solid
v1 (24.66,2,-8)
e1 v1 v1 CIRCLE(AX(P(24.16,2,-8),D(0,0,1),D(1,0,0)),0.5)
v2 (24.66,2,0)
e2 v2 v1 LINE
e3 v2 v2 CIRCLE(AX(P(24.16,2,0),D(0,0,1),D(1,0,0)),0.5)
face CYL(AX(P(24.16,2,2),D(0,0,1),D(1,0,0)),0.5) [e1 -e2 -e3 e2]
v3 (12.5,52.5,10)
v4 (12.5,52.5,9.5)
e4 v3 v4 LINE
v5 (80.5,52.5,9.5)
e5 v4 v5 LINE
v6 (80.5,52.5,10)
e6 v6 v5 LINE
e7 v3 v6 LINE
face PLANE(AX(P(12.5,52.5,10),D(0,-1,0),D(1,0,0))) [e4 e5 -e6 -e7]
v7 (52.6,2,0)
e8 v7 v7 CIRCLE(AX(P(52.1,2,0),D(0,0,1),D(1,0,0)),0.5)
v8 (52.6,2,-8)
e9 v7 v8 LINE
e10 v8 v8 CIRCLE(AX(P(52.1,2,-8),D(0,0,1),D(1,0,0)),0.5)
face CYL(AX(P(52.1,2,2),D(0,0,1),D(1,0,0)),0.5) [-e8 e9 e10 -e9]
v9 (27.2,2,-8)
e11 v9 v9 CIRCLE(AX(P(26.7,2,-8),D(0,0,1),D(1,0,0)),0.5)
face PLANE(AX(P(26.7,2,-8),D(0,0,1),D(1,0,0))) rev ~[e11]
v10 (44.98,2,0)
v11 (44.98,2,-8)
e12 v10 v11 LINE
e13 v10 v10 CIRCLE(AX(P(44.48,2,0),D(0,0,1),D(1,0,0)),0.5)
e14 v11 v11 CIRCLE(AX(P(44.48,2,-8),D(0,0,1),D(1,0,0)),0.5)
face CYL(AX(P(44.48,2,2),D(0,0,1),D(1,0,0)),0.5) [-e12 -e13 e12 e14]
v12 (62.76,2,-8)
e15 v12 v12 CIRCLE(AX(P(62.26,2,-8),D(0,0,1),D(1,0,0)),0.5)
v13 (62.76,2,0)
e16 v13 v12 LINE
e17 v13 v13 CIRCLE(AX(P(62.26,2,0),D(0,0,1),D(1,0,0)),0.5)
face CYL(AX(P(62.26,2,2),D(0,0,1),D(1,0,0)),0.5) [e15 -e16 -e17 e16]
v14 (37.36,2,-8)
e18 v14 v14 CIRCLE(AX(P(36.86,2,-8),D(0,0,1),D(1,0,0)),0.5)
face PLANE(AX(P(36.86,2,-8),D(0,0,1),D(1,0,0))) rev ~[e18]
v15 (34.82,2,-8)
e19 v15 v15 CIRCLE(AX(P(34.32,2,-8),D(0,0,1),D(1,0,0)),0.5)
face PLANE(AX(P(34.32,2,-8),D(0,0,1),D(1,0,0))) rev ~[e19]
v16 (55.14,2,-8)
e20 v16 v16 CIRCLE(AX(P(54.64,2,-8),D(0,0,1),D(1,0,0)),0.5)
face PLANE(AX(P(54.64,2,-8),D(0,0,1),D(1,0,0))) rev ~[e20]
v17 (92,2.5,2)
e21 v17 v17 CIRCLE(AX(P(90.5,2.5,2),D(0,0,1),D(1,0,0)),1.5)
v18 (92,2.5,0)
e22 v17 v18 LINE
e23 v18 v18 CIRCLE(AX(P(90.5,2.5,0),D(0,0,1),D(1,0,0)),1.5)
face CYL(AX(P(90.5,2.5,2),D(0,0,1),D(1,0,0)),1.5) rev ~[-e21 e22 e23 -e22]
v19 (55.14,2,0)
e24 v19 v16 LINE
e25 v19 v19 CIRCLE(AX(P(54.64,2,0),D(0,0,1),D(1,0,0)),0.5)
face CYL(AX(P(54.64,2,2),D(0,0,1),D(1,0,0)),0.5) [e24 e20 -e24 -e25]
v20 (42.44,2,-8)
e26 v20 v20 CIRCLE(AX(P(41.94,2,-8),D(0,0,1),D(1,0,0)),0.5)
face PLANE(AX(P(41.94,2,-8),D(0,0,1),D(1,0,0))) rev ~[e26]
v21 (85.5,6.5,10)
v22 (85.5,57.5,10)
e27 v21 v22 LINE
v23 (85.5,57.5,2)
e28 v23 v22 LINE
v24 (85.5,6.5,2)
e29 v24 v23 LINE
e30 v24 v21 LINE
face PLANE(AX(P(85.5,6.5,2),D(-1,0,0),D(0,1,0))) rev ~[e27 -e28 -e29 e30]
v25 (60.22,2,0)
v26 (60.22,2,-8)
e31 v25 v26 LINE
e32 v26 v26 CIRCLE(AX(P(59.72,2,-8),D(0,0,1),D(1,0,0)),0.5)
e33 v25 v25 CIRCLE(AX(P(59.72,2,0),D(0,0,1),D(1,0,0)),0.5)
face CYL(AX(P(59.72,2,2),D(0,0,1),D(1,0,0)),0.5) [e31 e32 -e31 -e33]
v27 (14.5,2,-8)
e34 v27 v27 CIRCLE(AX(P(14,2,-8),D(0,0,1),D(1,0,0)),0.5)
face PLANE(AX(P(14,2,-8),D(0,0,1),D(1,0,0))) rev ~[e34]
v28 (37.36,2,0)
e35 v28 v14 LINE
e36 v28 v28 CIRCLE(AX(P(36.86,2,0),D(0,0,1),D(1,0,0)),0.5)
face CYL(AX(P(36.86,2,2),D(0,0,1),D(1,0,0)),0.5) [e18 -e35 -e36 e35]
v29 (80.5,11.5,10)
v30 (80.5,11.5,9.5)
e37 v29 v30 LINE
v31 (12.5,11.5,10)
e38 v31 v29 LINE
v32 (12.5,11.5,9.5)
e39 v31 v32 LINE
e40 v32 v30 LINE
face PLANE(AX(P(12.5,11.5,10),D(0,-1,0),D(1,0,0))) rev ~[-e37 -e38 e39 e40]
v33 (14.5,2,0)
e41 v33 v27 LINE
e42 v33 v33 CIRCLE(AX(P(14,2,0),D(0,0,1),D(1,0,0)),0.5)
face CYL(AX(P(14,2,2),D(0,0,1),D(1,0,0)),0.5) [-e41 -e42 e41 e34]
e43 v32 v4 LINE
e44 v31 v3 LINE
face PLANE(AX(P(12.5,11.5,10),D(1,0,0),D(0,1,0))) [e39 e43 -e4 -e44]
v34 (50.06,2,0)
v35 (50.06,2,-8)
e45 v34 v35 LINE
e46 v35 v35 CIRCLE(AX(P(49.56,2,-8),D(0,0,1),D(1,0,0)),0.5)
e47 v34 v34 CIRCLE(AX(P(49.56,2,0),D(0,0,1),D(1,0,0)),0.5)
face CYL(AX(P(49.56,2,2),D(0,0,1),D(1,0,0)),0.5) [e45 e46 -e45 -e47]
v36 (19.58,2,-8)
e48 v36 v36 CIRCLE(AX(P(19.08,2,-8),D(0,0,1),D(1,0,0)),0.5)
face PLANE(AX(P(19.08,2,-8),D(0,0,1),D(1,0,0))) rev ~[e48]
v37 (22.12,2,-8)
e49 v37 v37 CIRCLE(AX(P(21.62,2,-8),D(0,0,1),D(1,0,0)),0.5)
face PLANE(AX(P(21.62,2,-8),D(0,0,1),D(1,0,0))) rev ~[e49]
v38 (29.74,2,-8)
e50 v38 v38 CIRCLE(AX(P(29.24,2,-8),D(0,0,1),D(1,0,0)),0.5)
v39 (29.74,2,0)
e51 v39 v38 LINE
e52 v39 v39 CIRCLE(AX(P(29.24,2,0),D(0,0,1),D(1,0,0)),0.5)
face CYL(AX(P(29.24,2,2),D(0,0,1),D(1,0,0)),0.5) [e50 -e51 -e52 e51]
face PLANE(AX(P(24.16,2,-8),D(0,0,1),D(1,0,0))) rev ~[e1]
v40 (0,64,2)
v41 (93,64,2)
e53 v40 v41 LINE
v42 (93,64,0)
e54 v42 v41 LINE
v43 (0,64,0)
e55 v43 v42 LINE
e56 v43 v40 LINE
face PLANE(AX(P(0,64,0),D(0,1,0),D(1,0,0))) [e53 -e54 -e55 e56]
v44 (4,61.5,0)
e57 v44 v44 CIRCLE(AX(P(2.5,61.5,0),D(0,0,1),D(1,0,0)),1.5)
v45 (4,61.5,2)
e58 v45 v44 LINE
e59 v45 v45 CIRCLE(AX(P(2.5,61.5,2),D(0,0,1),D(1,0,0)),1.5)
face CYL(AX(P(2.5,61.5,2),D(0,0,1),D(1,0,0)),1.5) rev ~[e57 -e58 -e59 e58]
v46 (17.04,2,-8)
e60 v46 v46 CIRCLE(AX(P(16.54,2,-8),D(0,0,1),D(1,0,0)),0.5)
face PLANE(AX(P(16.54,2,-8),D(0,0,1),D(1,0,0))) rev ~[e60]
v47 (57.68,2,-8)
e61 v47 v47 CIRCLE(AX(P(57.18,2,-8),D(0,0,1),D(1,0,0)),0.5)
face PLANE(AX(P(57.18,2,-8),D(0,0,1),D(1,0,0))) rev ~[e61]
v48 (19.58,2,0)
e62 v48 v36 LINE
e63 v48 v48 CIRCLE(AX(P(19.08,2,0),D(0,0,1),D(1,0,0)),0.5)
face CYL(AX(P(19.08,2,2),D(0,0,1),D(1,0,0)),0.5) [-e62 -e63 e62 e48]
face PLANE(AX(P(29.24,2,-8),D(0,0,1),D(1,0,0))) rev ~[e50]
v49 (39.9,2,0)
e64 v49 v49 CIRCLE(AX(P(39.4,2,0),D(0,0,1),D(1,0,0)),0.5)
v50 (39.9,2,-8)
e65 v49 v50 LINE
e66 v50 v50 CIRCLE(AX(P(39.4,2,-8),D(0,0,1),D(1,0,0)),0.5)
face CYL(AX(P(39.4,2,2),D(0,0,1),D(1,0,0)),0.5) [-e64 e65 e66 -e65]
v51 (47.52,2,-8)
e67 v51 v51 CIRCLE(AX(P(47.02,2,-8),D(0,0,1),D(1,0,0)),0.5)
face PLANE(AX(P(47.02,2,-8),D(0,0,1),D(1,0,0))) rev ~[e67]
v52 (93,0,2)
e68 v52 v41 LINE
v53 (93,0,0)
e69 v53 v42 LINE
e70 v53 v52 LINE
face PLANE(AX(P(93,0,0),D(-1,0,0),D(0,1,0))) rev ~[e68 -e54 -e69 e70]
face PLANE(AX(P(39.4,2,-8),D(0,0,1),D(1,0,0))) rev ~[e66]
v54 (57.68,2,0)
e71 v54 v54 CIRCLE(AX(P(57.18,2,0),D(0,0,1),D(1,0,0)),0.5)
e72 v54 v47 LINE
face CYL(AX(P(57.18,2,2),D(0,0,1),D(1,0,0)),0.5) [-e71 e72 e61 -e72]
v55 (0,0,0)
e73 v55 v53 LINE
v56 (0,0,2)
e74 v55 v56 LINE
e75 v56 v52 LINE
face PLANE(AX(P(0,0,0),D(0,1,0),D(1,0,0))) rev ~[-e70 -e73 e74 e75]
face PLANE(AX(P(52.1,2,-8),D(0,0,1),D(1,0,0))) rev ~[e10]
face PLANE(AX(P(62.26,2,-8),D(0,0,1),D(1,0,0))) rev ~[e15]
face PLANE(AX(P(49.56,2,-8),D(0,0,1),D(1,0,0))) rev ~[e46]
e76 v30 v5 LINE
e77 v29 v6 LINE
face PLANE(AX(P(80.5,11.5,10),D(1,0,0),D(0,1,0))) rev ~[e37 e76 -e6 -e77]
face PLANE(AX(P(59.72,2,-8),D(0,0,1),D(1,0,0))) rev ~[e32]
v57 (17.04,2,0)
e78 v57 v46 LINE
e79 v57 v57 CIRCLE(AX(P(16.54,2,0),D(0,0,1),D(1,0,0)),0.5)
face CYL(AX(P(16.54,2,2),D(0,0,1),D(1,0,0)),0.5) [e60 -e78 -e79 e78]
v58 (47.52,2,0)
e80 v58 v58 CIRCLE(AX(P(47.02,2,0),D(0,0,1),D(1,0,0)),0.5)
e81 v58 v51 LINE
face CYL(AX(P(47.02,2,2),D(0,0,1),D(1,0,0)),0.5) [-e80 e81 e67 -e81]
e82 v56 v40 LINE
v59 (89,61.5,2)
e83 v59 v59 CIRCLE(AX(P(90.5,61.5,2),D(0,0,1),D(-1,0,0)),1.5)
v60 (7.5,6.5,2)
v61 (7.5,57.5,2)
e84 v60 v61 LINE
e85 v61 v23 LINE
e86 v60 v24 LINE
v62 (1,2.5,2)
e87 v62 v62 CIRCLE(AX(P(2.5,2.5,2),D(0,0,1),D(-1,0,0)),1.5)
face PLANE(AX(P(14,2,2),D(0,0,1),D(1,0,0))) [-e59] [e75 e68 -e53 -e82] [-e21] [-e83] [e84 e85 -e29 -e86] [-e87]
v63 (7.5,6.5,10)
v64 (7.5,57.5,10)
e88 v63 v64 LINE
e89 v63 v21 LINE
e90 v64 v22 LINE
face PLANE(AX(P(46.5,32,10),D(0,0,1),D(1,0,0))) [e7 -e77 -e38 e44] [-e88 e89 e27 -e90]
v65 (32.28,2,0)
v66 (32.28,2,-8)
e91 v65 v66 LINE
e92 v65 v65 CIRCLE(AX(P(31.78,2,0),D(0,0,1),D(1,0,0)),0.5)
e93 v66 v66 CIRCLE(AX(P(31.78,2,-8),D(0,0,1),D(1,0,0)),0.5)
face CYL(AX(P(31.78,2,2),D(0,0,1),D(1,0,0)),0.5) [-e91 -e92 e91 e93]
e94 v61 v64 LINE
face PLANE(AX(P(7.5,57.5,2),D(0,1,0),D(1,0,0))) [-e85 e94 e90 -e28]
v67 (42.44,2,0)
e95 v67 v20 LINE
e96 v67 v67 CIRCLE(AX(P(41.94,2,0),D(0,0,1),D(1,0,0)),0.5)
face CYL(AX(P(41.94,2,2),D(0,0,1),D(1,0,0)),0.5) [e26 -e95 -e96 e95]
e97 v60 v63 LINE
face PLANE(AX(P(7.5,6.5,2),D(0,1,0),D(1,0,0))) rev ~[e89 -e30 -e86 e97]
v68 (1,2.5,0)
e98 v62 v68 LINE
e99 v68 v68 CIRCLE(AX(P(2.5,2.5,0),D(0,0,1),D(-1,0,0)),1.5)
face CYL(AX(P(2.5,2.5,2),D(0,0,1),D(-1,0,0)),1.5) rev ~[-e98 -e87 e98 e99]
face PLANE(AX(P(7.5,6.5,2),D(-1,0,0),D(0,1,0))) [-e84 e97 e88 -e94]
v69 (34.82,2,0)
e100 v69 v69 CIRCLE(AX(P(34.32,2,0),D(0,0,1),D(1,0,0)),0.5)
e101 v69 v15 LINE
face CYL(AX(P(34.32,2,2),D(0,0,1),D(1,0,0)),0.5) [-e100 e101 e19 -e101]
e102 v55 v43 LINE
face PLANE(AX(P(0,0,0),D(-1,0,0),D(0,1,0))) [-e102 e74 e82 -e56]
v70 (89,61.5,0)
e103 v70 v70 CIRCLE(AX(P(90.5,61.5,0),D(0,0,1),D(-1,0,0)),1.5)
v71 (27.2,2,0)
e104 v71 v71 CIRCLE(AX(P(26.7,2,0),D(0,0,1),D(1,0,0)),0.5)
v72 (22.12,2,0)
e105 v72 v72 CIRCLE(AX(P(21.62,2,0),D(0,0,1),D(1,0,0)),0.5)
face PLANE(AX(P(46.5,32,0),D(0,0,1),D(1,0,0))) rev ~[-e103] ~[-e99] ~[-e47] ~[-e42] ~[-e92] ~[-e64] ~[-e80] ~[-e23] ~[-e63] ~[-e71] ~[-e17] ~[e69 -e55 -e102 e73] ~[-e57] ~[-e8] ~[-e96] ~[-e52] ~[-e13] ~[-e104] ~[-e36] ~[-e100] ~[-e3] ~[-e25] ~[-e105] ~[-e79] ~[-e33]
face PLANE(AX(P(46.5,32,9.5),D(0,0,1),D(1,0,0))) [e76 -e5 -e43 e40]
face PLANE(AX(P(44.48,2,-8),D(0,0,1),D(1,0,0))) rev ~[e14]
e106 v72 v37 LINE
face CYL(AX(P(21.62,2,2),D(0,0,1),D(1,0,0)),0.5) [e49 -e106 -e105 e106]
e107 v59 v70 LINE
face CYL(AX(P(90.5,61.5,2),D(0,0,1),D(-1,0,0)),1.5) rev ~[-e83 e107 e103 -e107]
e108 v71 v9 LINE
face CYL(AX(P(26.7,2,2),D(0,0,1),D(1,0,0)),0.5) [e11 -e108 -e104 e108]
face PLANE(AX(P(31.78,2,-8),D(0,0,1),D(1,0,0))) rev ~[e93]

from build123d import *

# Parameters (mm, degrees)
SKETCH_1_W          = 93
SKETCH_1_H          = 64
EXTRUDE_1_DEPTH     = 2
SKETCH_3_W          = 78
SKETCH_3_H          = 51
EXTRUDE_2_DEPTH     = 8
SKETCH_4_R          = 1.5
CUT_EXTRUDE_1_DEPTH = 114.176852757
SKETCH_5_W          = 68
SKETCH_5_H          = 41
CUT_EXTRUDE_2_DEPTH = 0.5
SKETCH_6_R          = 0.5
EXTRUDE_3_DEPTH     = 10


with BuildPart() as part:
    # 草图1 → 凸台-拉伸1 (new body)
    with BuildSketch(Plane.XY):
        with Locations((46.5, 32)):
            Rectangle(SKETCH_1_W, SKETCH_1_H)
    extrude(amount=EXTRUDE_1_DEPTH)

    # 草图3 → 凸台-拉伸2 (add)
    with BuildSketch(Plane.XY.offset(2)):
        with Locations((46.5, 32)):
            Rectangle(SKETCH_3_W, SKETCH_3_H)
    extrude(amount=EXTRUDE_2_DEPTH)

    # 草图4 → 切除-拉伸1 (cut, through all)
    with BuildSketch(Plane.XY.offset(2)):
        with Locations((2.5, 61.5)):
            Circle(SKETCH_4_R)
        with Locations(Location((90.5, 61.5, 0), (0, 0, 180))):
            Circle(SKETCH_4_R)
        with Locations((90.5, 2.5)):
            Circle(SKETCH_4_R)
        with Locations(Location((2.5, 2.5, 0), (0, 0, 180))):
            Circle(SKETCH_4_R)
    extrude(amount=-CUT_EXTRUDE_1_DEPTH, mode=Mode.SUBTRACT)

    # 草图5 → 切除-拉伸2 (cut)
    with BuildSketch(Plane.XY.offset(10)):
        with Locations((46.5, 32)):
            Rectangle(SKETCH_5_W, SKETCH_5_H)
    extrude(amount=-CUT_EXTRUDE_2_DEPTH, mode=Mode.SUBTRACT)

    # 草图6 → 凸台-拉伸3 (add)
    with BuildSketch(Plane.XY.offset(2)):
        with Locations((14, 2)):
            Circle(SKETCH_6_R)
        with Locations((16.54, 2)):
            Circle(SKETCH_6_R)
        with Locations((19.08, 2)):
            Circle(SKETCH_6_R)
        with Locations((21.62, 2)):
            Circle(SKETCH_6_R)
        with Locations((24.16, 2)):
            Circle(SKETCH_6_R)
        with Locations((26.7, 2)):
            Circle(SKETCH_6_R)
        with Locations((29.24, 2)):
            Circle(SKETCH_6_R)
        with Locations((31.78, 2)):
            Circle(SKETCH_6_R)
        with Locations((34.32, 2)):
            Circle(SKETCH_6_R)
        with Locations((36.86, 2)):
            Circle(SKETCH_6_R)
        with Locations((39.4, 2)):
            Circle(SKETCH_6_R)
        with Locations((41.94, 2)):
            Circle(SKETCH_6_R)
        with Locations((44.48, 2)):
            Circle(SKETCH_6_R)
        with Locations((47.02, 2)):
            Circle(SKETCH_6_R)
        with Locations((49.56, 2)):
            Circle(SKETCH_6_R)
        with Locations((52.1, 2)):
            Circle(SKETCH_6_R)
        with Locations((54.64, 2)):
            Circle(SKETCH_6_R)
        with Locations((57.18, 2)):
            Circle(SKETCH_6_R)
        with Locations((59.72, 2)):
            Circle(SKETCH_6_R)
        with Locations((62.26, 2)):
            Circle(SKETCH_6_R)
    extrude(amount=-EXTRUDE_3_DEPTH)


solid = part.part
